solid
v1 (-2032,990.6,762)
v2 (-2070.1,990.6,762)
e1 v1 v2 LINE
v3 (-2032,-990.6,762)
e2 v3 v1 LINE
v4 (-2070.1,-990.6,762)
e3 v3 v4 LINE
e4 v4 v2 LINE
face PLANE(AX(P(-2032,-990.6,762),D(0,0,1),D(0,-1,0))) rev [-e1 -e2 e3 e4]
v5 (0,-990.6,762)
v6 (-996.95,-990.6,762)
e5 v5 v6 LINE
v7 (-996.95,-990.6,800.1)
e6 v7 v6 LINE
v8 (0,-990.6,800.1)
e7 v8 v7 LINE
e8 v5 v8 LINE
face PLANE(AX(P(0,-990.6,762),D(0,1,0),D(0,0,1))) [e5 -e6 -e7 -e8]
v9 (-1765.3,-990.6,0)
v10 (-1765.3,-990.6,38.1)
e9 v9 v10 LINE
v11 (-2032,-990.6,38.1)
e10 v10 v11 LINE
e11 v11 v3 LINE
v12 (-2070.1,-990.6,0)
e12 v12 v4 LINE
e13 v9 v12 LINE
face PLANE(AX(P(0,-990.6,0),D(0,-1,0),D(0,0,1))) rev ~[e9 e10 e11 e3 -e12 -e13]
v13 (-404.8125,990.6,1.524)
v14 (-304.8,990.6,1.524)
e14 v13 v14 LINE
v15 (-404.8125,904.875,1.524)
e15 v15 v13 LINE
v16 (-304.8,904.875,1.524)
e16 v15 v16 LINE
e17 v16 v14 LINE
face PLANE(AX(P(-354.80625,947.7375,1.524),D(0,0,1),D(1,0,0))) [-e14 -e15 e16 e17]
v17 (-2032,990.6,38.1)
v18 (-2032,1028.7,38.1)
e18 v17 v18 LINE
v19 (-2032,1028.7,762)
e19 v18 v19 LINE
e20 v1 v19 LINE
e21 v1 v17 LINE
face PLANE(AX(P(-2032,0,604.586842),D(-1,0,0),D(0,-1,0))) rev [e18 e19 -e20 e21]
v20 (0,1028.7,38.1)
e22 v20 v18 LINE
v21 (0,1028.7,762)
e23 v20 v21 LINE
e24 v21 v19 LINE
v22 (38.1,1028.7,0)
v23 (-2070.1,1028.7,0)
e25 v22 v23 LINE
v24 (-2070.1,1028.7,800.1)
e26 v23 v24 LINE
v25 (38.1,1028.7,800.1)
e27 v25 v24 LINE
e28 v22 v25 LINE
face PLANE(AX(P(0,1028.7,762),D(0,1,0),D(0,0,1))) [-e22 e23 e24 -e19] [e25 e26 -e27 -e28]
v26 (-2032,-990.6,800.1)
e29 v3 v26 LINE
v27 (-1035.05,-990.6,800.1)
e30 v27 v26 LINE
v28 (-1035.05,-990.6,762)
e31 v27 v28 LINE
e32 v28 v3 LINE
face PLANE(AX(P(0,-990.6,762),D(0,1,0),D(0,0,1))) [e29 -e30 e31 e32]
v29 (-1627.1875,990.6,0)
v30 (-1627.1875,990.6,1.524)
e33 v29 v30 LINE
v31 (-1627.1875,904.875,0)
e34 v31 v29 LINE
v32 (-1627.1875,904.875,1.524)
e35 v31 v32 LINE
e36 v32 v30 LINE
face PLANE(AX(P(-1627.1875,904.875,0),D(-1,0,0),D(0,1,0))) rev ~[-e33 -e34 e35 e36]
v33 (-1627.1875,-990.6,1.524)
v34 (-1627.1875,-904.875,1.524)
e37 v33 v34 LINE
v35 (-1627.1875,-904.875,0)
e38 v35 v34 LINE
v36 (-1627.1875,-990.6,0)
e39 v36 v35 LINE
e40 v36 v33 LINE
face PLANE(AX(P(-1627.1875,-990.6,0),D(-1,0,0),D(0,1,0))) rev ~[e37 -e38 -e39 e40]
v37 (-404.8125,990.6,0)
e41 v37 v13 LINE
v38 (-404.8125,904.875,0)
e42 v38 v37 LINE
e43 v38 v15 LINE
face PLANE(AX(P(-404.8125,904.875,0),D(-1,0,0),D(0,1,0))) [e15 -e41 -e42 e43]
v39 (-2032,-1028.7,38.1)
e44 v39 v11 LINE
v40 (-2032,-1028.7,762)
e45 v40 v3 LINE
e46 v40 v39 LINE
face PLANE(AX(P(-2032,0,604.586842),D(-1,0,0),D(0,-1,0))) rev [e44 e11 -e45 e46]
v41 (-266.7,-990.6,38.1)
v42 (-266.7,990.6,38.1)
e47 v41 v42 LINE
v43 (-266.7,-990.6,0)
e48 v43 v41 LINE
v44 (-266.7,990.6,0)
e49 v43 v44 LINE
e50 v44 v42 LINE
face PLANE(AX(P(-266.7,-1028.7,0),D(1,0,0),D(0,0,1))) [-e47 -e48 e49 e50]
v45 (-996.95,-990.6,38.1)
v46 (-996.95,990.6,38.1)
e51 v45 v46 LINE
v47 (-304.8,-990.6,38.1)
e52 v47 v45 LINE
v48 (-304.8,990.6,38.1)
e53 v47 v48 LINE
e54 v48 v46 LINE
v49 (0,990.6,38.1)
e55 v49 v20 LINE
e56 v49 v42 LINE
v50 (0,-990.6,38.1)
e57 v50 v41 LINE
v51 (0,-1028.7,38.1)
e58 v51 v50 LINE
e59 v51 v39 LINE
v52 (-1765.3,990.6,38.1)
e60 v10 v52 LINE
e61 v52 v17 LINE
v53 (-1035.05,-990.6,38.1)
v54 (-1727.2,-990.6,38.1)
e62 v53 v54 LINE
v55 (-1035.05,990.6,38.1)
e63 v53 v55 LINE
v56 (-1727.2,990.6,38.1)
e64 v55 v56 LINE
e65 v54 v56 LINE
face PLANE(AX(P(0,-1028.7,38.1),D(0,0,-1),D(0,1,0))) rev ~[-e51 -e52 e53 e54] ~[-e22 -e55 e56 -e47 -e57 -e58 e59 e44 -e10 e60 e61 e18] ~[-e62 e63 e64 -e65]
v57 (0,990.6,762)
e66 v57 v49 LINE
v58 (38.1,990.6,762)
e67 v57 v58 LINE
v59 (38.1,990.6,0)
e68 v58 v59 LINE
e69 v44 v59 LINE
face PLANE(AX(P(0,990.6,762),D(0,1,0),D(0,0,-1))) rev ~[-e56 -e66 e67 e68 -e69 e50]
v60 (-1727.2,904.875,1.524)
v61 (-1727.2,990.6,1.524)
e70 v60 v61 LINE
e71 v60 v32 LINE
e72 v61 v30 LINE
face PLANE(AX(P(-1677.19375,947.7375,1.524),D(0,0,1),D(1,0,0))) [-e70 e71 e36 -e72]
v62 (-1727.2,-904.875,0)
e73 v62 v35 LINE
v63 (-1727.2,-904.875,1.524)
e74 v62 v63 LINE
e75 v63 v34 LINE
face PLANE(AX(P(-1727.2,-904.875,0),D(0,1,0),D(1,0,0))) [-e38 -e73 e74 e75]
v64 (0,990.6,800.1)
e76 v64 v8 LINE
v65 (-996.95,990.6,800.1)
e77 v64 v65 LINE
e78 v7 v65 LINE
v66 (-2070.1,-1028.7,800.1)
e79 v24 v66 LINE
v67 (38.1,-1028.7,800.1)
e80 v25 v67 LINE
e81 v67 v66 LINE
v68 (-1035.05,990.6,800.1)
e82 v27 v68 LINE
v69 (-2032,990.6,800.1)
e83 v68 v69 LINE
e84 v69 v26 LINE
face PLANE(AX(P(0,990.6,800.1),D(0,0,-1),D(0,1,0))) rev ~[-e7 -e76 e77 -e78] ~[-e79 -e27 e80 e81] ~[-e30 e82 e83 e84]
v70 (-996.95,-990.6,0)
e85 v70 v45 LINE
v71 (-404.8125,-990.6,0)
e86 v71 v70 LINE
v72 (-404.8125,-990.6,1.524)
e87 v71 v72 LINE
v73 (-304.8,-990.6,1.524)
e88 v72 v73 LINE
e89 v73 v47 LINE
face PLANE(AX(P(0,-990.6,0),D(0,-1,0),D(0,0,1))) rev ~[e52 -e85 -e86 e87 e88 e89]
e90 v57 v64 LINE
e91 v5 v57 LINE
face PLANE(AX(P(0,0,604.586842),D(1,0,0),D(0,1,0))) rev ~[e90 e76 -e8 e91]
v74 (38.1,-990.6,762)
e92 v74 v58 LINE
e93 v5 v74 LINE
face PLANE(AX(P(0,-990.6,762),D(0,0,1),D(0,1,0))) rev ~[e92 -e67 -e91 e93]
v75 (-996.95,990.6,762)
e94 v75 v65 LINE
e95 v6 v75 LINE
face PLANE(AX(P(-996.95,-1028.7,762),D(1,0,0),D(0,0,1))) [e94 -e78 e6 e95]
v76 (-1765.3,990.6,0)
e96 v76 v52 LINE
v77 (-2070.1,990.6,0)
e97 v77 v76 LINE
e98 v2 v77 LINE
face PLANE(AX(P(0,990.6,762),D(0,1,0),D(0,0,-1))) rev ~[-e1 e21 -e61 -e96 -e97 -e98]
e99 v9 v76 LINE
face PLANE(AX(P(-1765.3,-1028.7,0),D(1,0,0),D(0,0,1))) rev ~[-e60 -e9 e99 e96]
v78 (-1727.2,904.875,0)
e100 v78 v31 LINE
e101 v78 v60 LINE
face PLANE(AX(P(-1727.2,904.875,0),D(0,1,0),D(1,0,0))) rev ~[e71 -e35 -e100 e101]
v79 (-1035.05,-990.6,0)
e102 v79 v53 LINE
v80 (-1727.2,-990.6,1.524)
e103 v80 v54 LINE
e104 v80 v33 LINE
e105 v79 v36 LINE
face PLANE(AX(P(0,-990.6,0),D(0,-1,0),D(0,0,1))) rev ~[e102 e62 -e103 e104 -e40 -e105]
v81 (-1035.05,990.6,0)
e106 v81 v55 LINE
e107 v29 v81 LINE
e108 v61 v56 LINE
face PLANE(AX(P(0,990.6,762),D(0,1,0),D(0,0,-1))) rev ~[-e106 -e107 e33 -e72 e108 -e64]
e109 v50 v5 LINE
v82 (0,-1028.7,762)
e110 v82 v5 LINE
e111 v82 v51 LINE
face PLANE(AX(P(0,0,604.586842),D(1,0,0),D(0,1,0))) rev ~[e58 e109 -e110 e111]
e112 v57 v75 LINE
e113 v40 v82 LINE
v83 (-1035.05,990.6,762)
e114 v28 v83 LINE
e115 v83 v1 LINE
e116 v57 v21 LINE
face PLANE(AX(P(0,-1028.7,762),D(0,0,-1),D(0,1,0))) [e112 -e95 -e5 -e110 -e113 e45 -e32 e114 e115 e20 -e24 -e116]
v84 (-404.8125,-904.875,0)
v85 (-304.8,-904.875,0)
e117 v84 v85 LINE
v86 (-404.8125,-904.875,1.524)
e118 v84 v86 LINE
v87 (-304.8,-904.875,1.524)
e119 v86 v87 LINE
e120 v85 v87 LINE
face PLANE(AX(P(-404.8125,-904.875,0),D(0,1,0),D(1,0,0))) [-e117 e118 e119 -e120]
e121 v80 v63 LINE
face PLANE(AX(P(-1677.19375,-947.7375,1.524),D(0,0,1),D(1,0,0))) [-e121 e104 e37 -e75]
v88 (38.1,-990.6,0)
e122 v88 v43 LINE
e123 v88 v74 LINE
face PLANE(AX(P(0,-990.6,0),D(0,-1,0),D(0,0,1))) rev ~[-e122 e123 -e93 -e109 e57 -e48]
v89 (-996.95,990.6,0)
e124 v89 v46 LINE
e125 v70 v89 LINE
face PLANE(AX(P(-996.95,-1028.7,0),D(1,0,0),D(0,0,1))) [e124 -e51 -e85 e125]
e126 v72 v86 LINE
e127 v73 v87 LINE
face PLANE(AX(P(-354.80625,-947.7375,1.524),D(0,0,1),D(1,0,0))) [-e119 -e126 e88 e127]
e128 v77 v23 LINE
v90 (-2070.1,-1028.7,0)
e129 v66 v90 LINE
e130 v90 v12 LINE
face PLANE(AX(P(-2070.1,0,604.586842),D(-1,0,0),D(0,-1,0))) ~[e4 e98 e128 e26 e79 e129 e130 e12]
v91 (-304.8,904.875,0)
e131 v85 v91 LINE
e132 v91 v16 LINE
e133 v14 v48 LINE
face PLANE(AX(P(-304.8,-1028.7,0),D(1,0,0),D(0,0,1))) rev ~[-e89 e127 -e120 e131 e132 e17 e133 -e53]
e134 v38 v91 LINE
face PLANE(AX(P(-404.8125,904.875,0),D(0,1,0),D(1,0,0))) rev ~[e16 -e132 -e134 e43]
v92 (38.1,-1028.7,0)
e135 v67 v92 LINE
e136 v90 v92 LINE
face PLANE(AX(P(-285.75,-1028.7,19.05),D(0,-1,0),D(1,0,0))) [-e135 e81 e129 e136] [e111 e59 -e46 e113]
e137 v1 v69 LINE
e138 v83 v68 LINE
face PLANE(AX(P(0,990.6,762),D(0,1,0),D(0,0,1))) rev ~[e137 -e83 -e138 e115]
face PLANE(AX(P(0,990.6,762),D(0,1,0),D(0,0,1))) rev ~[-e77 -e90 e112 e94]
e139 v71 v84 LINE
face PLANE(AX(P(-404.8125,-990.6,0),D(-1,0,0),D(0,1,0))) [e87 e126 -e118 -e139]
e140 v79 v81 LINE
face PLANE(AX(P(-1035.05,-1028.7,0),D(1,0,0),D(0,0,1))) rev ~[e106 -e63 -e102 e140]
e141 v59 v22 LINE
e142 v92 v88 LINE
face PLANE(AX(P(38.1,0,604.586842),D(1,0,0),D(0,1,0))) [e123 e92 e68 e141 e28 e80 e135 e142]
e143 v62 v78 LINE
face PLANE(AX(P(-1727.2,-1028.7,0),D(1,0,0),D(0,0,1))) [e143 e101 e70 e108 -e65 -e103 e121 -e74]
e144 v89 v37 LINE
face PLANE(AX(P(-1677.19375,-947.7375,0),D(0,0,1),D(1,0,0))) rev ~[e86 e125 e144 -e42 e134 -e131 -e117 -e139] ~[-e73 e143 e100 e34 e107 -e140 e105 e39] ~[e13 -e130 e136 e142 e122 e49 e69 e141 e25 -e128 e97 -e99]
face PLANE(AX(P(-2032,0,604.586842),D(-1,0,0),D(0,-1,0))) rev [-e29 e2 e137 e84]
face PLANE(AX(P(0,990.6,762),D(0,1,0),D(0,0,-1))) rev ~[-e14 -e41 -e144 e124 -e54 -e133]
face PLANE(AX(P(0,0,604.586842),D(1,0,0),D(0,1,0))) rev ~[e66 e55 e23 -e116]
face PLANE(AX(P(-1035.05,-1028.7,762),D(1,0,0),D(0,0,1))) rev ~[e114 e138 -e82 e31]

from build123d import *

# Parameters (mm, degrees)
F1_DEPTH  = 38.1
F4_W      = 38.1
F4_H      = 38.1
F5_DEPTH  = 2032
F7_W      = 38.1
F7_H      = 38.1
F7_W_2    = 38.1000000005
F8_DEPTH  = 2019.3
F9_W      = 100.0125
F9_H      = 85.725
F10_DEPTH = 1.524


with BuildPart() as f1:
    # F0 (on Right) → F1 (new body)
    with BuildSketch(Plane.YZ):
        Polygon((990.6, 762), (990.6, 0), (1028.7, 0), (1028.7, 800.1), (0, 800.1), (-1028.7, 800.1), (-1028.7, 0), (-990.6, 0), (-990.6, 762), (0, 762), align=None)
    extrude(amount=F1_DEPTH)


with BuildPart() as f3_1:
    # F3: instance of F1
    add(f1.part.mirror(Plane.YZ.offset(-1016)))


with BuildPart() as f1_1:
    add(f1.part)

    add(f3_1.part)  # F5 merges F3_1
    # F4 (on Right) → F5 (join, through all)
    with BuildSketch(Plane.YZ):
        with Locations((1009.65, 781.05)):
            Rectangle(F4_W, F4_H)
        with Locations((-1009.65, 781.05)):
            Rectangle(F4_W, F4_H)
        with Locations((-1009.65, 19.05)):
            Rectangle(F4_W, F4_H)
        with Locations((1009.65, 19.05)):
            Rectangle(F4_W, F4_H)
    extrude(amount=-F5_DEPTH)

    # F7 (on offset) → F8 (join, through all)
    with BuildSketch(Plane.XZ.offset(1028.7)):
        with Locations((-285.75, 19.05)):
            Rectangle(F7_W, F7_H)
        with Locations((-1016.0000000002, 781.05)):
            Rectangle(F7_W_2, F7_H)
        with Locations((-1746.25, 19.05)):
            Rectangle(F7_W, F7_H)
        with Locations((-1016, 19.05)):
            Rectangle(F7_W, F7_H)
    extrude(amount=-F8_DEPTH)

    # F9 (on Top) → F10 (join)
    with BuildSketch(Plane.XY):
        with Locations((-1677.19375, -947.7375)):
            Rectangle(F9_W, F9_H)
        with Locations((-1677.19375, 947.7375)):
            Rectangle(F9_W, F9_H)
        with Locations((-354.80625, -947.7375)):
            Rectangle(F9_W, F9_H)
        with Locations((-354.80625, 947.7375)):
            Rectangle(F9_W, F9_H)
    extrude(amount=F10_DEPTH)


solid = f1_1.part
